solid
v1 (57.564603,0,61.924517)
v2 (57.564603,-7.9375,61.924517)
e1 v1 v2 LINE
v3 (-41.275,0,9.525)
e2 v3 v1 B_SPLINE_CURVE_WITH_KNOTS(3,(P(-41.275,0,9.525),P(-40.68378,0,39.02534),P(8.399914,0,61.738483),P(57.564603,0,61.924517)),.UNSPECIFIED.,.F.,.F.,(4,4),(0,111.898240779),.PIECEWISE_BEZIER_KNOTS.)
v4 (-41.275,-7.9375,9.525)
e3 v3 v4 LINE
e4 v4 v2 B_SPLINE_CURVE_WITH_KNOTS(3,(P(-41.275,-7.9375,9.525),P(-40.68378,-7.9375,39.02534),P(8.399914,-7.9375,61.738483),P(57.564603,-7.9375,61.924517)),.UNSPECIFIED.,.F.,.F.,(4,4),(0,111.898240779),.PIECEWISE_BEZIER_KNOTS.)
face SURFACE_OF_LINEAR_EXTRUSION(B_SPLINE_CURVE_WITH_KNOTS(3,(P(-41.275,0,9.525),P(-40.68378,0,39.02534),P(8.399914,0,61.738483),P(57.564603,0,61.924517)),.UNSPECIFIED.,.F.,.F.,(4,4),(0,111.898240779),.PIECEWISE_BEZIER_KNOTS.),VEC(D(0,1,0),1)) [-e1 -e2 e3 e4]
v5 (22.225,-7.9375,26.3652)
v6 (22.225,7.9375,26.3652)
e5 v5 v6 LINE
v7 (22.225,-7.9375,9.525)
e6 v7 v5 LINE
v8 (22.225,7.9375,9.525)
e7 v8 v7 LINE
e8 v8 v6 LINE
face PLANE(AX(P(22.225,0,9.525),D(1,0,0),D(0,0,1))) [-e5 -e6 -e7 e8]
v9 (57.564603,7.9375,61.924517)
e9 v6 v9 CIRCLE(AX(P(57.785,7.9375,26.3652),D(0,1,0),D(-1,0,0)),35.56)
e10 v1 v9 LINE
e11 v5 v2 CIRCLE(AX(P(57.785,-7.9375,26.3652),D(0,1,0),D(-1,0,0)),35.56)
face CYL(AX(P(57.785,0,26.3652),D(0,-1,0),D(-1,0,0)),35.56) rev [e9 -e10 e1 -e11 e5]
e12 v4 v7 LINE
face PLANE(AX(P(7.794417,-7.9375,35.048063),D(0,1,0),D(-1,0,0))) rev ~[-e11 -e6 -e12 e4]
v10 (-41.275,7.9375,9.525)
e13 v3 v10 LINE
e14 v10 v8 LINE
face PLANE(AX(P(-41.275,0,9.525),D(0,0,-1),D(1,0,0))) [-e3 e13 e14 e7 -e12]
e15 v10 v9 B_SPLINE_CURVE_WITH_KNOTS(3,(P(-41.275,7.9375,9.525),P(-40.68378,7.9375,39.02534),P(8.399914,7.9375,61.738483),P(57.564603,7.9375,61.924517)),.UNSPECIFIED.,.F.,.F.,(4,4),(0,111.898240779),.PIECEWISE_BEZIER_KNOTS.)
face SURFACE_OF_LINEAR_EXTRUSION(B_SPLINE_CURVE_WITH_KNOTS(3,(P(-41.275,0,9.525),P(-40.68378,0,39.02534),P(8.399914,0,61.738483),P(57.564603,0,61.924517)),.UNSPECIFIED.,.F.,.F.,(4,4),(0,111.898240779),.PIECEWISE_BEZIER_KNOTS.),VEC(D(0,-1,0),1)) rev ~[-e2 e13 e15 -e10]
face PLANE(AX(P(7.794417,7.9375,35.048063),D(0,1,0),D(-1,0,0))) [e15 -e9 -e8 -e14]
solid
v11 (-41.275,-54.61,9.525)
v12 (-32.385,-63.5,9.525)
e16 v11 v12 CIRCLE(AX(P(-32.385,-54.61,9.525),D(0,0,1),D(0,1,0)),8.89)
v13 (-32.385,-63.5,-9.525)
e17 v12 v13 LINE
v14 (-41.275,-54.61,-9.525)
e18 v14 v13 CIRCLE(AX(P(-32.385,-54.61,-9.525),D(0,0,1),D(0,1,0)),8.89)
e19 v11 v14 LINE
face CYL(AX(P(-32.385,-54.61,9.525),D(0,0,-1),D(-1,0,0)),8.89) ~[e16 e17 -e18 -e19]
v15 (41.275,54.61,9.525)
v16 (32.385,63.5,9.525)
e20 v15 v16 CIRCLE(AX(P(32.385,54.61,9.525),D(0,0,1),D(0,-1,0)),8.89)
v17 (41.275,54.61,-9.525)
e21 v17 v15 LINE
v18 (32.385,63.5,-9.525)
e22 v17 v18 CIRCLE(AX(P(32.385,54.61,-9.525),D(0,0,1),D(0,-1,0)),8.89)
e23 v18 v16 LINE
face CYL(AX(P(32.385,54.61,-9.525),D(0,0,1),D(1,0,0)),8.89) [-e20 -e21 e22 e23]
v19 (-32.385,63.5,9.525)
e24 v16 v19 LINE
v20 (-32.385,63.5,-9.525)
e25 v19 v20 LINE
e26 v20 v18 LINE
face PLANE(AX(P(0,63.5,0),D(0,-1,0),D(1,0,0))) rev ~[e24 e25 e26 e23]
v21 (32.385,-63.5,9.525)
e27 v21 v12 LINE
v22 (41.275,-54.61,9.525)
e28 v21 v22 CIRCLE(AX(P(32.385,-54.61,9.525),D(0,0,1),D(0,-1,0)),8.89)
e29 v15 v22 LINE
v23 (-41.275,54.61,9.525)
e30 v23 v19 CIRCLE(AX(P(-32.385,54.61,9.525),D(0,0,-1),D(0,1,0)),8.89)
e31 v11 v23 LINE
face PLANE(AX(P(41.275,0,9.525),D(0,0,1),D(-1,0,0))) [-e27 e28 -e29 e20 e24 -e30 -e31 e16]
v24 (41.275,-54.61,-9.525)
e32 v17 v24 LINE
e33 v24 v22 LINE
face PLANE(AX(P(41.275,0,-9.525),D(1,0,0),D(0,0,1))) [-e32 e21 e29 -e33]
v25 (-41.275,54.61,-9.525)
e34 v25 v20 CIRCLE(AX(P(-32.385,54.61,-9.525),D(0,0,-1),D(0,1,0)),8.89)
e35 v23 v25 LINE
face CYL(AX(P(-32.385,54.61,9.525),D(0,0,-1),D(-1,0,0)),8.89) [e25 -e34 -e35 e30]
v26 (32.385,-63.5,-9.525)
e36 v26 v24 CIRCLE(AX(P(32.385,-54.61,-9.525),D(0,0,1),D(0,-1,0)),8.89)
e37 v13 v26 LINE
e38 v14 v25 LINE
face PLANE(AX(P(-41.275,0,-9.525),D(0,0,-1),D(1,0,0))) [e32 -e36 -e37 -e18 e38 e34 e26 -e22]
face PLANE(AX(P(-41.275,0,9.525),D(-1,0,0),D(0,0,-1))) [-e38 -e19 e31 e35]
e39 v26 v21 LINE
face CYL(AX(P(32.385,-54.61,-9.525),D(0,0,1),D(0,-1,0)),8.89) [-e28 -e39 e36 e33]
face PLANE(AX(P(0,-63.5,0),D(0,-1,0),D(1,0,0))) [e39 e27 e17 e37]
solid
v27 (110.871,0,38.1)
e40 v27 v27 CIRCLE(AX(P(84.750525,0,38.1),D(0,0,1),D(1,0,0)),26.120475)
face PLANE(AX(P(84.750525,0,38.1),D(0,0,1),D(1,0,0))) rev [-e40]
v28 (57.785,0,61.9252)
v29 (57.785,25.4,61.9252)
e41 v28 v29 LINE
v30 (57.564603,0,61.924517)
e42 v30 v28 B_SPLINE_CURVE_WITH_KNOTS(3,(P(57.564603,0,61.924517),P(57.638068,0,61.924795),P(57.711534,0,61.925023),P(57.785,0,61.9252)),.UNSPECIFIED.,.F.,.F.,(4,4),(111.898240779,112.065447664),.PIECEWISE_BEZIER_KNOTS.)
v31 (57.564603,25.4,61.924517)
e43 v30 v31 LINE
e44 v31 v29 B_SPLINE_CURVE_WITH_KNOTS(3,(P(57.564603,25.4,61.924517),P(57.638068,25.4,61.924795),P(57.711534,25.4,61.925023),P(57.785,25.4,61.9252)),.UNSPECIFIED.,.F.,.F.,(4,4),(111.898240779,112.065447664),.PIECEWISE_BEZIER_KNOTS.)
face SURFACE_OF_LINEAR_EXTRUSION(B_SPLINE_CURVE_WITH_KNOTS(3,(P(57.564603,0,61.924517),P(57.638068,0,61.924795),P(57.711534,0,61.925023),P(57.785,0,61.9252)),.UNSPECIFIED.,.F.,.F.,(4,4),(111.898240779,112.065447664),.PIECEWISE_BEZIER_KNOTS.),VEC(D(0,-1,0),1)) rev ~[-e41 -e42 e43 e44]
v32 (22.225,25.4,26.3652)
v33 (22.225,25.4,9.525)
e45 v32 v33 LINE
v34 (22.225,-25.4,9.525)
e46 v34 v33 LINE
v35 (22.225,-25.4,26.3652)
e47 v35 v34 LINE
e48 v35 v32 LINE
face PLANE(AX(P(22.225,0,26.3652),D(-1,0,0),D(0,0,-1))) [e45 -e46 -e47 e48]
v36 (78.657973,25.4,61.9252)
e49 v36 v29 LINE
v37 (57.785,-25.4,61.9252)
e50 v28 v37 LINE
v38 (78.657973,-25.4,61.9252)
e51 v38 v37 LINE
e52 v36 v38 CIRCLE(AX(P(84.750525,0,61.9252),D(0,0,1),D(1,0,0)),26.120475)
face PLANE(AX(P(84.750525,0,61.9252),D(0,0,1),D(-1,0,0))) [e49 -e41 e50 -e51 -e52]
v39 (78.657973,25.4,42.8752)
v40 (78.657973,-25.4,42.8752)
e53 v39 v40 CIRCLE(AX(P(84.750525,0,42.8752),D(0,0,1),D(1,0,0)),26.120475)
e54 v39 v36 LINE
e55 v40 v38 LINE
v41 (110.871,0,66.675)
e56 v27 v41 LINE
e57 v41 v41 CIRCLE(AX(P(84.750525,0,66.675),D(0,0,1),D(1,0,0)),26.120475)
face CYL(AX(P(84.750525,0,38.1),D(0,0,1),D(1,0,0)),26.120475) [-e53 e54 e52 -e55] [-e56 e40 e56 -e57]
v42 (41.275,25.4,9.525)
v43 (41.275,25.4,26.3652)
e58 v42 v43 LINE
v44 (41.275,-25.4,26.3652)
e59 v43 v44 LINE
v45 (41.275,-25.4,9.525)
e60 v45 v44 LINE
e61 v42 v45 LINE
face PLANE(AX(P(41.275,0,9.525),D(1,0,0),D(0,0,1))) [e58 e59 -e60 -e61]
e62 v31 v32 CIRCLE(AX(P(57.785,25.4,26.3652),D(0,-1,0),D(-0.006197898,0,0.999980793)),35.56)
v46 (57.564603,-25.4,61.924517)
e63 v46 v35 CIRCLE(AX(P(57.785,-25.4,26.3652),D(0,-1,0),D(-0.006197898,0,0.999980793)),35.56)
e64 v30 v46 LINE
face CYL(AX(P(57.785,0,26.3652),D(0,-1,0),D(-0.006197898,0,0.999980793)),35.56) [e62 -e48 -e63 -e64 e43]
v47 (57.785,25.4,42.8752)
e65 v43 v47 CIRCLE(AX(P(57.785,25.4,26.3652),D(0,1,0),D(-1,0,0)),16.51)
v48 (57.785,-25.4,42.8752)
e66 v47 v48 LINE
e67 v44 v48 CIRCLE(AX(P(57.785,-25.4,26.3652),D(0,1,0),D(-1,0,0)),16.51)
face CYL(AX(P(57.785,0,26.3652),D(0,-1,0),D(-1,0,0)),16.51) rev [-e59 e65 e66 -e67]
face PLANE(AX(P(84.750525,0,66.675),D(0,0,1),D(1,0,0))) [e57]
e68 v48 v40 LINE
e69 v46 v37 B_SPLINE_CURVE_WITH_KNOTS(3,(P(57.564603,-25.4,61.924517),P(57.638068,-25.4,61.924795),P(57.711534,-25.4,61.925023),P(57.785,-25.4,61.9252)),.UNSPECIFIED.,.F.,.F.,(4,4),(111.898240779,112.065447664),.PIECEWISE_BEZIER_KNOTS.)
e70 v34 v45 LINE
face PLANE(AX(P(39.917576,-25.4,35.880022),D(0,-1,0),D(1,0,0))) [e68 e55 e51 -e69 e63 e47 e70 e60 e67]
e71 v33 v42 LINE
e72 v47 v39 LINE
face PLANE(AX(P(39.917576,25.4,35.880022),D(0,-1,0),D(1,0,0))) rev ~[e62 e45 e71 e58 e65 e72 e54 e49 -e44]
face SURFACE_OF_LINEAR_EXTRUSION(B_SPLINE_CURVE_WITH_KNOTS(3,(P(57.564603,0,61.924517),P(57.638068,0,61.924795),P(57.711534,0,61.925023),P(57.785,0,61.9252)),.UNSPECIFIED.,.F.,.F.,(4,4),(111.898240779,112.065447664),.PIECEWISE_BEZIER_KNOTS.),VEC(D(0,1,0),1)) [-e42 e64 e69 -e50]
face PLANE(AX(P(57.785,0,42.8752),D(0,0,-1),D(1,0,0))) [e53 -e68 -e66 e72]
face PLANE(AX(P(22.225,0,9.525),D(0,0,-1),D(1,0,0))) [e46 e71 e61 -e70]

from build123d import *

# Parameters (mm, degrees)
F1_DEPTH = 63.5
F0_W     = 24.6795253844
F0_H     = 19.05
F2_DEPTH = 25.4
F3_DEPTH = 7.9375
F5_R     = 8.89


with BuildPart() as f1:
    # F0 (on Front) → F1 (new body, symmetric)
    with BuildSketch(Plane.XZ):
        Polygon((-41.275, -9.525), (41.275, -9.525), (41.275, 9.525), (22.225, 9.525), (-41.275, 9.525), align=None)
    extrude(amount=F1_DEPTH, both=True)

    # F5
    f5_edges = [f1.edges().sort_by_distance(p)[0] for p in [
        (41.275, -63.5, 0),
        (-41.275, -63.5, 0),
        (41.275, 63.5, 0),
        (-41.275, 63.5, 0),
    ]]
    fillet(f5_edges, radius=F5_R)


with BuildPart() as f2:
    # F0 (on Front) → F2 (new body, symmetric)
    with BuildSketch(Plane.XZ):
        with BuildLine():
            Line((22.225, 9.525), (41.275, 9.525))
            Line((41.275, 9.525), (41.275, 26.3652))
            ThreePointArc((41.275, 26.3652), (46.1106670426, 38.0395329574), (57.785, 42.8752))
            Line((57.785, 42.8752), (60.071, 42.8752))
            Line((60.071, 42.8752), (60.071, 61.9252))
            Line((60.071, 61.9252), (57.785, 61.9252))
            add(Edge.make_bspline(
                [(57.5646027355, 61.9245169935), (57.6380683633, 61.9247949798), (57.711534172, 61.9250226661), (57.785, 61.9252)],
                knots=[111.8982407791, 111.8982407791, 111.8982407791, 111.8982407791, 112.0654476636, 112.0654476636, 112.0654476636, 112.0654476636], degree=3))
            ThreePointArc((57.5646027355, 61.9245169935), (32.5624810266, 51.4318738248), (22.225, 26.3652))
            Line((22.225, 26.3652), (22.225, 9.525))
        make_face()
        with Locations((72.4107626922, 52.4002)):
            Rectangle(F0_W, F0_H)
    extrude(amount=F2_DEPTH, both=True)

    # F0 (on Front) → F4 (revolve)
    with BuildSketch(Plane.XZ):
        Polygon((84.7505253844, 61.9252), (84.7505253844, 42.8752), (84.7505253844, 38.1), (110.871, 38.1), (110.871, 66.675), (84.7505253844, 66.675), align=None)
    revolve(axis=Axis((84.7505253844, 0, 52.3875), (0, 0, 1)))


with BuildPart() as f3:
    # F0 (on Front) → F3 (new body, symmetric)
    with BuildSketch(Plane.XZ):
        with BuildLine():
            add(Edge.make_bspline(
                [(-41.275, 9.525), (-40.6837804171, 39.0253399318), (8.3999135259, 61.7384829553), (57.5646027355, 61.9245169935)],
                knots=[0, 0, 0, 0, 111.8982407791, 111.8982407791, 111.8982407791, 111.8982407791], degree=3))
            Line((-41.275, 9.525), (22.225, 9.525))
            Line((22.225, 9.525), (22.225, 26.3652))
            ThreePointArc((22.225, 26.3652), (32.5624810266, 51.4318738248), (57.5646027355, 61.9245169935))
        make_face()
    extrude(amount=F3_DEPTH, both=True)


solid = Compound([f1.part, f2.part, f3.part])
